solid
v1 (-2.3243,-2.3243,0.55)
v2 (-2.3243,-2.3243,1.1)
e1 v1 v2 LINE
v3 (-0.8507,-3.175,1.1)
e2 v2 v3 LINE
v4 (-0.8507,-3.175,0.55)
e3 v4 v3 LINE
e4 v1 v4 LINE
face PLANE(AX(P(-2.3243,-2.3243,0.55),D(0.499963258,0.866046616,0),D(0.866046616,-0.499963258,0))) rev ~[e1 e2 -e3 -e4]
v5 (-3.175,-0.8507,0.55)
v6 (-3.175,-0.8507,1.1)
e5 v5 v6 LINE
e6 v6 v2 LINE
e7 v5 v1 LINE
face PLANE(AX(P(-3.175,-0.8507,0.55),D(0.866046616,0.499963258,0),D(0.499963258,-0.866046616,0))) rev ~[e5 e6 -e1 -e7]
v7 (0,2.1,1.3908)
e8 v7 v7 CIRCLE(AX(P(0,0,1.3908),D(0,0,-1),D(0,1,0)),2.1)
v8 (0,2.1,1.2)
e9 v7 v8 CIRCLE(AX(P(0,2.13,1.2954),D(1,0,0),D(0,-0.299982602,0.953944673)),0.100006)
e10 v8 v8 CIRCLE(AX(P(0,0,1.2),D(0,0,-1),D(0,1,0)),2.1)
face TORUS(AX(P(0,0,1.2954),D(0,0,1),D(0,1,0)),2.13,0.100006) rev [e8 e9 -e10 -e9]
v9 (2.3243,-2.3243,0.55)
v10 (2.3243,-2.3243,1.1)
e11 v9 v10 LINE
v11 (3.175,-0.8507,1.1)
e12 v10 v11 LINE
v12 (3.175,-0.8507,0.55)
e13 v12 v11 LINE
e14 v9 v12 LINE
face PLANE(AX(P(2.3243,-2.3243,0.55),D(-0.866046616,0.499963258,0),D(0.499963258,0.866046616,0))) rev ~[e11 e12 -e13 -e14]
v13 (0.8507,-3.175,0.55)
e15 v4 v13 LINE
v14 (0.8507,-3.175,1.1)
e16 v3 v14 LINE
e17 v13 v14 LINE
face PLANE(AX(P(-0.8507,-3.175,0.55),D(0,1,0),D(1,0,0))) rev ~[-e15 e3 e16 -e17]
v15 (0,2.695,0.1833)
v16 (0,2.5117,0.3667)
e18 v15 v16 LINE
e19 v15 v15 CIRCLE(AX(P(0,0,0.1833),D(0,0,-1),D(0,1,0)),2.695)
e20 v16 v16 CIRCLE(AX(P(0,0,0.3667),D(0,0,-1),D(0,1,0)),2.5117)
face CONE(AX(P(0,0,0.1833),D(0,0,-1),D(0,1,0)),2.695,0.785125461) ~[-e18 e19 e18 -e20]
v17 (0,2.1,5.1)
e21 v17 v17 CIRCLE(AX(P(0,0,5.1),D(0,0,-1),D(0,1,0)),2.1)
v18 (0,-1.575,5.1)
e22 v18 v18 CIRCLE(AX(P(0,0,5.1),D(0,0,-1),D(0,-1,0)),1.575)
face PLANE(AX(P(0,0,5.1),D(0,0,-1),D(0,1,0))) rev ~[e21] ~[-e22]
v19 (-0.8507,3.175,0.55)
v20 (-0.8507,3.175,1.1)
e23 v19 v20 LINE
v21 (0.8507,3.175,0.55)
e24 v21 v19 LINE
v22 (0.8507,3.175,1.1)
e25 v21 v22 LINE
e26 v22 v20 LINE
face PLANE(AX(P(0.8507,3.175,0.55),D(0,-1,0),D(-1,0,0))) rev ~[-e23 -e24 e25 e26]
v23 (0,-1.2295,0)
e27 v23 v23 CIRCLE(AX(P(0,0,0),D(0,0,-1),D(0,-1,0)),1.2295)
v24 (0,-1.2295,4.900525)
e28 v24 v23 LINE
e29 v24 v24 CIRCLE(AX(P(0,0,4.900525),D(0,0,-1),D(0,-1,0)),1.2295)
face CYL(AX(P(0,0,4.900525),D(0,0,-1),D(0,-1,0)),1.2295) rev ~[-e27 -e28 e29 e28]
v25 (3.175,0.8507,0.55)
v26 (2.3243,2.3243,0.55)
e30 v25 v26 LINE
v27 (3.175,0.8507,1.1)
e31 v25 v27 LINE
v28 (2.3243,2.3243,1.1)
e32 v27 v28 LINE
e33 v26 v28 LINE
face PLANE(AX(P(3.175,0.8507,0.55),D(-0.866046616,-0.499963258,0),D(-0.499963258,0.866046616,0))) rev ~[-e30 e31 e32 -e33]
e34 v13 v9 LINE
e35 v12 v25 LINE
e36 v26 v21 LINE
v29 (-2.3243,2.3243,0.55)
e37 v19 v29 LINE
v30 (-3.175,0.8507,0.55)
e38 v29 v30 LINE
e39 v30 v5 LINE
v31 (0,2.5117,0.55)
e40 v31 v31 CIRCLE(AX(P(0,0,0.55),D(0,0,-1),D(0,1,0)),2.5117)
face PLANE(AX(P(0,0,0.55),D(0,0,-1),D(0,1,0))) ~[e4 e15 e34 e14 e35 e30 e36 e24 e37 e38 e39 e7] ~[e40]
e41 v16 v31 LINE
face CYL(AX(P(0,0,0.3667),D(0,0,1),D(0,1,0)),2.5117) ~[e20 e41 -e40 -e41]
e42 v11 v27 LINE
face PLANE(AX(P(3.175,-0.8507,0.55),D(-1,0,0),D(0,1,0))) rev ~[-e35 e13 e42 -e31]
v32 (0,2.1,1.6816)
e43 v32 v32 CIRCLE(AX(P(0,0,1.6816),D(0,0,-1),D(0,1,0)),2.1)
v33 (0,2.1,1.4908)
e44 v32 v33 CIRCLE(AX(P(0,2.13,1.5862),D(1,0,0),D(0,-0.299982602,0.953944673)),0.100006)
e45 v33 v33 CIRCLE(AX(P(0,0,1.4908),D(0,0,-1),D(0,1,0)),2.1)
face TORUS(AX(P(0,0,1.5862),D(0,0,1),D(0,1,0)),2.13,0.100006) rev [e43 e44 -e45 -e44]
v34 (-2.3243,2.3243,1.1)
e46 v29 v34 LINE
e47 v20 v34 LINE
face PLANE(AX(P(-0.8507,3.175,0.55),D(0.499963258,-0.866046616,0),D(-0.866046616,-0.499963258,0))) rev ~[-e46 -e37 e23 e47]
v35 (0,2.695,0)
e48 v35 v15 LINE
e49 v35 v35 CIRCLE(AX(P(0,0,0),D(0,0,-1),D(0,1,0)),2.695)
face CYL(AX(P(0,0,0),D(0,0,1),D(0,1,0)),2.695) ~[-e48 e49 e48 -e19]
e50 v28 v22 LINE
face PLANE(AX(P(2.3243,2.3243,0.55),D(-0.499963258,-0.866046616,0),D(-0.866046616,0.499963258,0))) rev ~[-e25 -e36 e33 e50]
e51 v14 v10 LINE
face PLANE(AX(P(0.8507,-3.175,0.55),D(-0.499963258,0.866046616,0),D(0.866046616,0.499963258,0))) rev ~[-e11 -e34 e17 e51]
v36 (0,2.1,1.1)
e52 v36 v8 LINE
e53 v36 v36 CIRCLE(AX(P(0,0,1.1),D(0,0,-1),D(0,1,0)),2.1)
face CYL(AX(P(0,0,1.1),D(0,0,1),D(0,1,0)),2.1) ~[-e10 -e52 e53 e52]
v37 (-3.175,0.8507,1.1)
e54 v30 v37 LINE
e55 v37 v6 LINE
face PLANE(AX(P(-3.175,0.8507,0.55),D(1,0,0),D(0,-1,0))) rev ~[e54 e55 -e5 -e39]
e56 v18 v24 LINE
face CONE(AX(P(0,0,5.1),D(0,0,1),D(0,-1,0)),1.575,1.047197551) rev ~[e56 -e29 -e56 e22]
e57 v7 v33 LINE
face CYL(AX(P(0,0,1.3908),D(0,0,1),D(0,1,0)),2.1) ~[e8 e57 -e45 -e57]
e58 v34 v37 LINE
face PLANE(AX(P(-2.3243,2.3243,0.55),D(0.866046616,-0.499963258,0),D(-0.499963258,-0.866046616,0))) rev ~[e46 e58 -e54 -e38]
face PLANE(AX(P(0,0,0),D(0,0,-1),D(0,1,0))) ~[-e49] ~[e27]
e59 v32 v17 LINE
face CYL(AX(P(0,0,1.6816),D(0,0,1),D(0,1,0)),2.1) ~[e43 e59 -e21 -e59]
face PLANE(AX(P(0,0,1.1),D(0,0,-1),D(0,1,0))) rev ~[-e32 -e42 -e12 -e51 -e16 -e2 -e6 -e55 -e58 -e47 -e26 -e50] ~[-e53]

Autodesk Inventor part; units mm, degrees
ref_plane "YZ Plane" through (0, 0, 0) normal (1, 0, 0) x (0, 1, 0)
ref_plane "XZ Plane" through (0, 0, 0) normal (0, 1, 0) x (-1, 0, 0)
ref_plane "XY Plane" through (0, 0, 0) normal (0, 0, 1) x (1, 0, 0)
sketch "Sketch1" plane through (0, 0, 0) normal (1, 0, 0) x (0, 1, 0)
  line L0 (0, 0) -> (2.695, 0)
  line L1 (2.695, 0) -> (2.695, 0.1833)
  line L2 (2.695, 0.1833) -> (2.5117, 0.3667)
  line L3 (2.5117, 0.3667) -> (2.5117, 0.55)
  line L4 (2.5117, 0.55) -> (4.7625, 0.55)
  line L5 (4.7625, 0.55) -> (4.7625, 1.1)
  line L6 (4.7625, 1.1) -> (2.1, 1.1)
  line L7 (2.1, 1.1) -> (2.1, 1.2)
  arc A0 (2.1, 1.3908) -> (2.1, 1.2) centre (2.13, 1.2954) ccw
  line L8 (2.1, 1.6816) -> (2.1, 5.1)
  line L9 (2.1, 5.1) -> (0, 5.1)
  line L10 (0, 5.1) -> (0, 0)
  arc A1 (2.1, 1.6816) -> (2.1, 1.4908) centre (2.13, 1.5862) ccw
  line L11 (2.1, 1.3908) -> (2.1, 1.4908)
  dimension "d0" = 5.39
  dimension "d1" = 1.1
  dimension "d2" = 4.2
  dimension "d3" = 9.525
  dimension "d4" = 4
  dimension "d5" = 0.1
  dimension "d6" = 0.55
  dimension "d7" = 0.1833
  dimension "d8" = 0.1833
  dimension "d9" = 0.1833
  dimension "d10" = 0.03
  dimension "d11" = 0.1
  dimension "d12" = 0.1
revolve "Revolution1" add sketch "Sketch1" angle 360 about axis through (0, 0, 5.1) along (0, 0, -1)
sketch "Sketch2" plane through (0, 0, 0.55) normal (0, 0, -1) x (-1, 0, 0)
  line L0 (0.8507, 3.175) -> (2.3243, 2.3243)
  line L1 (2.3243, 2.3243) -> (3.175, 0.8507)
  line L2 (3.175, 0.8507) -> (3.175, -0.8507)
  line L3 (3.175, -0.8507) -> (2.3243, -2.3243)
  line L4 (2.3243, -2.3243) -> (0.8507, -3.175)
  line L5 (0.8507, -3.175) -> (-0.8507, -3.175)
  line L6 (-0.8507, -3.175) -> (-2.3243, -2.3243)
  line L7 (-2.3243, -2.3243) -> (-3.175, -0.8507)
  line L8 (-3.175, -0.8507) -> (-3.175, 0.8507)
  line L9 (-3.175, 0.8507) -> (-2.3243, 2.3243)
  line L10 (-2.3243, 2.3243) -> (-0.8507, 3.175)
  line L11 (-0.8507, 3.175) -> (0.8507, 3.175)
  circle A0 centre (0, 0) radius 4.7625 projected
  dimension "d16" = 6.35
extrude "Extrusion1" cut sketch "Sketch2" against normal through all
hole "Hole1" at (0, 0, 5.1) direction (0, 0, -1) diameter 2.459 end through all countersink diameter 3.15 countersink angle 120 thread size "M3x0.5" class "6H" standard "ANSI Metric M Profile"
hole "Hole2" [suppressed]
equation "\"d0\" = C_"
equation "\"d1\" = A_"
equation "\"d2\" = B"
equation "\"d3\" = 1.5 * H_"
equation "\"d4\" = Length_Code"
equation "\"d5\" = Mark_1"
equation "\"d6\" = 0.5 * A_"
equation "\"d7\" = 0.166667 * A_"
equation "\"d8\" = 0.166667 * A_"
equation "\"d9\" = 0.166667 * A_"
equation "\"d10\" = Mark_2"
equation "\"d11\" = Mark_1"
equation "\"d12\" = Mark_1"
equation "\"d13\" = T_"
equation "\"d14\" = 1.05 * Thread"
equation "\"d53\" = Length_Code"
equation "\"d18\" = 1.05 * Thread"
equation "\"d20\" = T_"
equation "\"d16\" = H_"
equation "\"Length_Code\" = 4"
equation "\"T_\" = 4"
equation "\"A_\" = 1.1"
equation "\"B\" = 4.2"
equation "\"C_\" = 5.39"
equation "\"H_\" = 6.35"
equation "\"Mark_1\" = 0.1"
equation "\"Mark_2\" = 0.03"
equation "\"Thread\" = 3"
equation "\"Min_Thick\" = 1.6"
equation "\"B_Hole\" = 5.41"
equation "\"Min_Depht\" = 1.1"
equation "\"Min_Dist\" = 4.8"
properties part number "CSS-M3-4" material "Stainless Steel"
